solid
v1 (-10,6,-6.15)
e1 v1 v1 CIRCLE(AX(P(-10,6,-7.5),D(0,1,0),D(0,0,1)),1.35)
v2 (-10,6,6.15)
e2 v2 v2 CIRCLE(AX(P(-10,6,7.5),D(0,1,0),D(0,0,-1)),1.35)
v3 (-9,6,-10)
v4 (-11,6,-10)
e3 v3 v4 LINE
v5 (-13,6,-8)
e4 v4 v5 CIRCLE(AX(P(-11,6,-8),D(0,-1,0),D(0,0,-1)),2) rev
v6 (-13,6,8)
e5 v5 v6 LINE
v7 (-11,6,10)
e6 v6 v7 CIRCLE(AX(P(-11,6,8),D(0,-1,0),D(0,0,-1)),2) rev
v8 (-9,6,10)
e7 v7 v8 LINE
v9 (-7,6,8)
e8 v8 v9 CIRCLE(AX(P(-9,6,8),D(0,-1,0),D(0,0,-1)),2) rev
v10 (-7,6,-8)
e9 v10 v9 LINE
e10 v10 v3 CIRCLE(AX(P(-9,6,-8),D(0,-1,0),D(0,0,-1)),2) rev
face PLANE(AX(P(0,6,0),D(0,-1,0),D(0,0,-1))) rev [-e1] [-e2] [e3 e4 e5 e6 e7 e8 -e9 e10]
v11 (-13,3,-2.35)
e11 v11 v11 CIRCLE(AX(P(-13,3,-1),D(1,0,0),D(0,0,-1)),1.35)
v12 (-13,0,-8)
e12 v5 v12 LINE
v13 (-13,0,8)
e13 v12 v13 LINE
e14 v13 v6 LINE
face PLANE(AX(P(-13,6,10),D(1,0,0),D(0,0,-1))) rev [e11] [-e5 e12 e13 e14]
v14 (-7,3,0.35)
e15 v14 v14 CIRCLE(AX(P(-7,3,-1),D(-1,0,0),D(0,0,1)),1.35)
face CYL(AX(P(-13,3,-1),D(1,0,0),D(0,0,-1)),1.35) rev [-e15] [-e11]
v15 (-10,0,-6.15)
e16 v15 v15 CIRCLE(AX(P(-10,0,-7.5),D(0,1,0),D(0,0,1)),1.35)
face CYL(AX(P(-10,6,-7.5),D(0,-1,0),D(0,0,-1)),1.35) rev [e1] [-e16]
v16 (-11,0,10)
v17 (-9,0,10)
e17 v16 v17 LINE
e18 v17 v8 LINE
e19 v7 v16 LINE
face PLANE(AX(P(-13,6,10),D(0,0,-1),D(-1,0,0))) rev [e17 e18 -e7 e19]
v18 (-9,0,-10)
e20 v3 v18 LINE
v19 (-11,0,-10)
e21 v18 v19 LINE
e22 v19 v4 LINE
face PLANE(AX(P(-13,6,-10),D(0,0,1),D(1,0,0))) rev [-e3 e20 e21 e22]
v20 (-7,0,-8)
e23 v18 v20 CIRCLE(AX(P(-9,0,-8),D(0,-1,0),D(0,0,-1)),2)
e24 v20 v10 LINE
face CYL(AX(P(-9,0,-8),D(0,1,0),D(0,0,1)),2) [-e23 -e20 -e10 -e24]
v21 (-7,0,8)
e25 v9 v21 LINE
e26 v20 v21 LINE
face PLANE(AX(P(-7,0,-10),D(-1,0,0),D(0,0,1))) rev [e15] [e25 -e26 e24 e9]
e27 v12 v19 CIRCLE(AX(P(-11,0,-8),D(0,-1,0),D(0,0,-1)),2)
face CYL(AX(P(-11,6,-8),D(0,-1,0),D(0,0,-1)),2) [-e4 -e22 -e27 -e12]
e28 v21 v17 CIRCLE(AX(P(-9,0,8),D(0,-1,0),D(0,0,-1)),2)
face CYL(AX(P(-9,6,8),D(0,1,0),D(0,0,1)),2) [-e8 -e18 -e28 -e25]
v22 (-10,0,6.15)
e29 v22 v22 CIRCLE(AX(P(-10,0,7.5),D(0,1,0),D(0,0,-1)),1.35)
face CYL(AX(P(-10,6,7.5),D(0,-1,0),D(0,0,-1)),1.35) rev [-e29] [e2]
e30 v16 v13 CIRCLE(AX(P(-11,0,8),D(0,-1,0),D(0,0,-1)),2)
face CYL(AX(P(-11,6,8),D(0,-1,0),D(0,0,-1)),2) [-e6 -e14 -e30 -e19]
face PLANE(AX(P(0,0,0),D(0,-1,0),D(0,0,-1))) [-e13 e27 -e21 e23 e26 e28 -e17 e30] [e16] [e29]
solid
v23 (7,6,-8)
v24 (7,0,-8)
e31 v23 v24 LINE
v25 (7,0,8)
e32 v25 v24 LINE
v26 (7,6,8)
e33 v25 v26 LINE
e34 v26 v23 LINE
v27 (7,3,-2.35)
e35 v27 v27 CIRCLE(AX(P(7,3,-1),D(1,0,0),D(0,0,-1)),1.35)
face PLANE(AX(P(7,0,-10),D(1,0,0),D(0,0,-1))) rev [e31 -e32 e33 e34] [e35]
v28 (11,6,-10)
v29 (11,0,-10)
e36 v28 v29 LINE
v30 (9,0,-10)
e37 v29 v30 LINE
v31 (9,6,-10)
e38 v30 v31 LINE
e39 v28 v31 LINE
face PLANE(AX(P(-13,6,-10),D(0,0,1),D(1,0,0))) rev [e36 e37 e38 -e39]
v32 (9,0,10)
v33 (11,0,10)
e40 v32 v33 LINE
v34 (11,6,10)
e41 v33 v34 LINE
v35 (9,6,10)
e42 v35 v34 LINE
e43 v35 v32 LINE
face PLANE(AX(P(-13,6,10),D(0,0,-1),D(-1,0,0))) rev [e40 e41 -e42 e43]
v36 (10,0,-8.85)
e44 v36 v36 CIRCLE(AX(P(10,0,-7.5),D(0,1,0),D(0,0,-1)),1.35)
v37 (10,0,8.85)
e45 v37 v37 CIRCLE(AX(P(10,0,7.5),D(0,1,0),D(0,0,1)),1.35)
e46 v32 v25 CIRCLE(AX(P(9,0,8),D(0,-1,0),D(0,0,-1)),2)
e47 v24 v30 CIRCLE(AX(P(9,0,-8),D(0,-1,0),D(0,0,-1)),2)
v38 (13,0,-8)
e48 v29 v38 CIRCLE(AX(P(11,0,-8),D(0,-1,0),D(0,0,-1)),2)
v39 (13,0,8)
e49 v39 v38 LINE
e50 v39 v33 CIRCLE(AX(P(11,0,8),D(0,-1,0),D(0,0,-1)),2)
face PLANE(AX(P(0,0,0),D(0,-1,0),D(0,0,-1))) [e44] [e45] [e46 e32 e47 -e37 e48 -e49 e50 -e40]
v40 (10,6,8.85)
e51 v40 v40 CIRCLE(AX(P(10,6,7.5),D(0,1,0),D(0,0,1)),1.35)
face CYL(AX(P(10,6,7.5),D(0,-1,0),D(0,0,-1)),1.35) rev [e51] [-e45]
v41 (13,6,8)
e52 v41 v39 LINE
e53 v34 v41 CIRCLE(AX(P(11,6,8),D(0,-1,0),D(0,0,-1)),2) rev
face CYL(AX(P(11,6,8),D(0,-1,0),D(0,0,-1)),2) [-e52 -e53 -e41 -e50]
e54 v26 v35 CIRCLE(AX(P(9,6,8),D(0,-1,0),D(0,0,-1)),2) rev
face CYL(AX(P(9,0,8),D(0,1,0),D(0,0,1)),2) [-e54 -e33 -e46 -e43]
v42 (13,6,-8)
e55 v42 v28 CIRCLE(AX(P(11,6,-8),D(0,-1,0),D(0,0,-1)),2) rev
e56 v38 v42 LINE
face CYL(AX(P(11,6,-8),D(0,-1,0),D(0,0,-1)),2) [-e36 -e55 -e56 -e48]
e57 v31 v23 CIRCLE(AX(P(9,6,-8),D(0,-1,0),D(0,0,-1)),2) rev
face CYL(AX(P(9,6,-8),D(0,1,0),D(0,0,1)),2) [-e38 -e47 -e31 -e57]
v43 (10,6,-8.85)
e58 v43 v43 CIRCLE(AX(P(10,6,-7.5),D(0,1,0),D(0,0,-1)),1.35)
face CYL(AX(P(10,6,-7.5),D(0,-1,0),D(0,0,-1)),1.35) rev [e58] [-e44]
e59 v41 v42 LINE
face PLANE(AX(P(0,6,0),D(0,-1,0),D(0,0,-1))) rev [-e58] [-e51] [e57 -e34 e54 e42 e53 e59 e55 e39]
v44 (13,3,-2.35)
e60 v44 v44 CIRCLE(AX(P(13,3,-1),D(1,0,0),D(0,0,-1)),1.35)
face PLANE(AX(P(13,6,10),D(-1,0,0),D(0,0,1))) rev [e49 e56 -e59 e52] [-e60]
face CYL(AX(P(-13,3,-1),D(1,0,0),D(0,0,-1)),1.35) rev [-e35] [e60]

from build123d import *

# Parameters (mm, degrees)
SKETCH_1_W          = 26
SKETCH_1_H          = 20
SKETCH_1_R          = 1.35
EXTRUDE_1_DEPTH     = 6
SKETCH_2_W          = 14
SKETCH_2_H          = 20
CUT_EXTRUDE_1_DEPTH = 18.464249197
SKETCH_5_R          = 1.35
CUT_EXTRUDE_2_DEPTH = 29.495613698
FILLET_1_R          = 2
FILLET_2_R          = 2


with BuildPart() as part:
    # 草图1 → 凸台-拉伸1 (new body)
    with BuildSketch(Plane(origin=(0, 0, 0), x_dir=(1, 0, 0), z_dir=(0, 1, 0))):
        Rectangle(SKETCH_1_W, SKETCH_1_H)
        with Locations(Location((-10, 7.5, 0), (0, 0, 270))):
            Circle(SKETCH_1_R, mode=Mode.SUBTRACT)
        with Locations(Location((10, 7.5, 0), (0, 0, 90))):
            Circle(SKETCH_1_R, mode=Mode.SUBTRACT)
        with Locations(Location((10, -7.5, 0), (0, 0, 270))):
            Circle(SKETCH_1_R, mode=Mode.SUBTRACT)
        with Locations(Location((-10, -7.5, 0), (0, 0, 90))):
            Circle(SKETCH_1_R, mode=Mode.SUBTRACT)
    extrude(amount=EXTRUDE_1_DEPTH)

    # 草图2 → 切除-拉伸1 (cut, through all)
    with BuildSketch(Plane(origin=(0, 6, 0), x_dir=(1, 0, 0), z_dir=(0, 1, 0))):
        Rectangle(SKETCH_2_W, SKETCH_2_H)
    extrude(amount=-CUT_EXTRUDE_1_DEPTH, mode=Mode.SUBTRACT)


with BuildPart() as cut_extrude_1_piece_1:
    # of the separate pieces the step leaves, piece 1, a body of its own (cut_extrude_1_pieces)
    add(part.part.solids().sort_by_distance((7, 0, 10))[0])


with BuildPart() as cut_extrude_1_piece_2:
    # of the separate pieces the step leaves, piece 2, a body of its own (cut_extrude_1_pieces)
    add(part.part.solids().sort_by_distance((-13, 0, 10))[0])


with BuildPart() as cut_extrude_2_tool:
    # 草图5 → 切除-拉伸2 (new, through all)
    with BuildSketch(Plane(origin=(13, 0, 0), x_dir=(0, 0, -1), z_dir=(1, 0, 0))):
        with Locations((1, 3)):
            Circle(SKETCH_5_R)
    extrude(amount=-CUT_EXTRUDE_2_DEPTH)


with BuildPart() as cut_extrude_1_piece_1_1:
    add(cut_extrude_1_piece_1.part)

    # 切除-拉伸2: cut by cut_extrude_2_tool
    add(cut_extrude_2_tool.part, mode=Mode.SUBTRACT)

    # 圆角1
    fillet_1_edges = [cut_extrude_1_piece_1_1.edges().sort_by_distance(p)[0] for p in [
        (7, 3, -10),
        (7, 3, 10),
        (13, 3, 10),
        (13, 3, -10),
    ]]
    fillet(fillet_1_edges, radius=FILLET_1_R)


with BuildPart() as cut_extrude_1_piece_2_1:
    add(cut_extrude_1_piece_2.part)

    # 切除-拉伸2: cut by cut_extrude_2_tool
    add(cut_extrude_2_tool.part, mode=Mode.SUBTRACT)

    # 圆角2
    fillet_2_edges = [cut_extrude_1_piece_2_1.edges().sort_by_distance(p)[0] for p in [
        (-7, 3, 10),
        (-13, 3, 10),
        (-13, 3, -10),
        (-7, 3, -10),
    ]]
    fillet(fillet_2_edges, radius=FILLET_2_R)


solid = Compound([cut_extrude_1_piece_1_1.part, cut_extrude_1_piece_2_1.part])
